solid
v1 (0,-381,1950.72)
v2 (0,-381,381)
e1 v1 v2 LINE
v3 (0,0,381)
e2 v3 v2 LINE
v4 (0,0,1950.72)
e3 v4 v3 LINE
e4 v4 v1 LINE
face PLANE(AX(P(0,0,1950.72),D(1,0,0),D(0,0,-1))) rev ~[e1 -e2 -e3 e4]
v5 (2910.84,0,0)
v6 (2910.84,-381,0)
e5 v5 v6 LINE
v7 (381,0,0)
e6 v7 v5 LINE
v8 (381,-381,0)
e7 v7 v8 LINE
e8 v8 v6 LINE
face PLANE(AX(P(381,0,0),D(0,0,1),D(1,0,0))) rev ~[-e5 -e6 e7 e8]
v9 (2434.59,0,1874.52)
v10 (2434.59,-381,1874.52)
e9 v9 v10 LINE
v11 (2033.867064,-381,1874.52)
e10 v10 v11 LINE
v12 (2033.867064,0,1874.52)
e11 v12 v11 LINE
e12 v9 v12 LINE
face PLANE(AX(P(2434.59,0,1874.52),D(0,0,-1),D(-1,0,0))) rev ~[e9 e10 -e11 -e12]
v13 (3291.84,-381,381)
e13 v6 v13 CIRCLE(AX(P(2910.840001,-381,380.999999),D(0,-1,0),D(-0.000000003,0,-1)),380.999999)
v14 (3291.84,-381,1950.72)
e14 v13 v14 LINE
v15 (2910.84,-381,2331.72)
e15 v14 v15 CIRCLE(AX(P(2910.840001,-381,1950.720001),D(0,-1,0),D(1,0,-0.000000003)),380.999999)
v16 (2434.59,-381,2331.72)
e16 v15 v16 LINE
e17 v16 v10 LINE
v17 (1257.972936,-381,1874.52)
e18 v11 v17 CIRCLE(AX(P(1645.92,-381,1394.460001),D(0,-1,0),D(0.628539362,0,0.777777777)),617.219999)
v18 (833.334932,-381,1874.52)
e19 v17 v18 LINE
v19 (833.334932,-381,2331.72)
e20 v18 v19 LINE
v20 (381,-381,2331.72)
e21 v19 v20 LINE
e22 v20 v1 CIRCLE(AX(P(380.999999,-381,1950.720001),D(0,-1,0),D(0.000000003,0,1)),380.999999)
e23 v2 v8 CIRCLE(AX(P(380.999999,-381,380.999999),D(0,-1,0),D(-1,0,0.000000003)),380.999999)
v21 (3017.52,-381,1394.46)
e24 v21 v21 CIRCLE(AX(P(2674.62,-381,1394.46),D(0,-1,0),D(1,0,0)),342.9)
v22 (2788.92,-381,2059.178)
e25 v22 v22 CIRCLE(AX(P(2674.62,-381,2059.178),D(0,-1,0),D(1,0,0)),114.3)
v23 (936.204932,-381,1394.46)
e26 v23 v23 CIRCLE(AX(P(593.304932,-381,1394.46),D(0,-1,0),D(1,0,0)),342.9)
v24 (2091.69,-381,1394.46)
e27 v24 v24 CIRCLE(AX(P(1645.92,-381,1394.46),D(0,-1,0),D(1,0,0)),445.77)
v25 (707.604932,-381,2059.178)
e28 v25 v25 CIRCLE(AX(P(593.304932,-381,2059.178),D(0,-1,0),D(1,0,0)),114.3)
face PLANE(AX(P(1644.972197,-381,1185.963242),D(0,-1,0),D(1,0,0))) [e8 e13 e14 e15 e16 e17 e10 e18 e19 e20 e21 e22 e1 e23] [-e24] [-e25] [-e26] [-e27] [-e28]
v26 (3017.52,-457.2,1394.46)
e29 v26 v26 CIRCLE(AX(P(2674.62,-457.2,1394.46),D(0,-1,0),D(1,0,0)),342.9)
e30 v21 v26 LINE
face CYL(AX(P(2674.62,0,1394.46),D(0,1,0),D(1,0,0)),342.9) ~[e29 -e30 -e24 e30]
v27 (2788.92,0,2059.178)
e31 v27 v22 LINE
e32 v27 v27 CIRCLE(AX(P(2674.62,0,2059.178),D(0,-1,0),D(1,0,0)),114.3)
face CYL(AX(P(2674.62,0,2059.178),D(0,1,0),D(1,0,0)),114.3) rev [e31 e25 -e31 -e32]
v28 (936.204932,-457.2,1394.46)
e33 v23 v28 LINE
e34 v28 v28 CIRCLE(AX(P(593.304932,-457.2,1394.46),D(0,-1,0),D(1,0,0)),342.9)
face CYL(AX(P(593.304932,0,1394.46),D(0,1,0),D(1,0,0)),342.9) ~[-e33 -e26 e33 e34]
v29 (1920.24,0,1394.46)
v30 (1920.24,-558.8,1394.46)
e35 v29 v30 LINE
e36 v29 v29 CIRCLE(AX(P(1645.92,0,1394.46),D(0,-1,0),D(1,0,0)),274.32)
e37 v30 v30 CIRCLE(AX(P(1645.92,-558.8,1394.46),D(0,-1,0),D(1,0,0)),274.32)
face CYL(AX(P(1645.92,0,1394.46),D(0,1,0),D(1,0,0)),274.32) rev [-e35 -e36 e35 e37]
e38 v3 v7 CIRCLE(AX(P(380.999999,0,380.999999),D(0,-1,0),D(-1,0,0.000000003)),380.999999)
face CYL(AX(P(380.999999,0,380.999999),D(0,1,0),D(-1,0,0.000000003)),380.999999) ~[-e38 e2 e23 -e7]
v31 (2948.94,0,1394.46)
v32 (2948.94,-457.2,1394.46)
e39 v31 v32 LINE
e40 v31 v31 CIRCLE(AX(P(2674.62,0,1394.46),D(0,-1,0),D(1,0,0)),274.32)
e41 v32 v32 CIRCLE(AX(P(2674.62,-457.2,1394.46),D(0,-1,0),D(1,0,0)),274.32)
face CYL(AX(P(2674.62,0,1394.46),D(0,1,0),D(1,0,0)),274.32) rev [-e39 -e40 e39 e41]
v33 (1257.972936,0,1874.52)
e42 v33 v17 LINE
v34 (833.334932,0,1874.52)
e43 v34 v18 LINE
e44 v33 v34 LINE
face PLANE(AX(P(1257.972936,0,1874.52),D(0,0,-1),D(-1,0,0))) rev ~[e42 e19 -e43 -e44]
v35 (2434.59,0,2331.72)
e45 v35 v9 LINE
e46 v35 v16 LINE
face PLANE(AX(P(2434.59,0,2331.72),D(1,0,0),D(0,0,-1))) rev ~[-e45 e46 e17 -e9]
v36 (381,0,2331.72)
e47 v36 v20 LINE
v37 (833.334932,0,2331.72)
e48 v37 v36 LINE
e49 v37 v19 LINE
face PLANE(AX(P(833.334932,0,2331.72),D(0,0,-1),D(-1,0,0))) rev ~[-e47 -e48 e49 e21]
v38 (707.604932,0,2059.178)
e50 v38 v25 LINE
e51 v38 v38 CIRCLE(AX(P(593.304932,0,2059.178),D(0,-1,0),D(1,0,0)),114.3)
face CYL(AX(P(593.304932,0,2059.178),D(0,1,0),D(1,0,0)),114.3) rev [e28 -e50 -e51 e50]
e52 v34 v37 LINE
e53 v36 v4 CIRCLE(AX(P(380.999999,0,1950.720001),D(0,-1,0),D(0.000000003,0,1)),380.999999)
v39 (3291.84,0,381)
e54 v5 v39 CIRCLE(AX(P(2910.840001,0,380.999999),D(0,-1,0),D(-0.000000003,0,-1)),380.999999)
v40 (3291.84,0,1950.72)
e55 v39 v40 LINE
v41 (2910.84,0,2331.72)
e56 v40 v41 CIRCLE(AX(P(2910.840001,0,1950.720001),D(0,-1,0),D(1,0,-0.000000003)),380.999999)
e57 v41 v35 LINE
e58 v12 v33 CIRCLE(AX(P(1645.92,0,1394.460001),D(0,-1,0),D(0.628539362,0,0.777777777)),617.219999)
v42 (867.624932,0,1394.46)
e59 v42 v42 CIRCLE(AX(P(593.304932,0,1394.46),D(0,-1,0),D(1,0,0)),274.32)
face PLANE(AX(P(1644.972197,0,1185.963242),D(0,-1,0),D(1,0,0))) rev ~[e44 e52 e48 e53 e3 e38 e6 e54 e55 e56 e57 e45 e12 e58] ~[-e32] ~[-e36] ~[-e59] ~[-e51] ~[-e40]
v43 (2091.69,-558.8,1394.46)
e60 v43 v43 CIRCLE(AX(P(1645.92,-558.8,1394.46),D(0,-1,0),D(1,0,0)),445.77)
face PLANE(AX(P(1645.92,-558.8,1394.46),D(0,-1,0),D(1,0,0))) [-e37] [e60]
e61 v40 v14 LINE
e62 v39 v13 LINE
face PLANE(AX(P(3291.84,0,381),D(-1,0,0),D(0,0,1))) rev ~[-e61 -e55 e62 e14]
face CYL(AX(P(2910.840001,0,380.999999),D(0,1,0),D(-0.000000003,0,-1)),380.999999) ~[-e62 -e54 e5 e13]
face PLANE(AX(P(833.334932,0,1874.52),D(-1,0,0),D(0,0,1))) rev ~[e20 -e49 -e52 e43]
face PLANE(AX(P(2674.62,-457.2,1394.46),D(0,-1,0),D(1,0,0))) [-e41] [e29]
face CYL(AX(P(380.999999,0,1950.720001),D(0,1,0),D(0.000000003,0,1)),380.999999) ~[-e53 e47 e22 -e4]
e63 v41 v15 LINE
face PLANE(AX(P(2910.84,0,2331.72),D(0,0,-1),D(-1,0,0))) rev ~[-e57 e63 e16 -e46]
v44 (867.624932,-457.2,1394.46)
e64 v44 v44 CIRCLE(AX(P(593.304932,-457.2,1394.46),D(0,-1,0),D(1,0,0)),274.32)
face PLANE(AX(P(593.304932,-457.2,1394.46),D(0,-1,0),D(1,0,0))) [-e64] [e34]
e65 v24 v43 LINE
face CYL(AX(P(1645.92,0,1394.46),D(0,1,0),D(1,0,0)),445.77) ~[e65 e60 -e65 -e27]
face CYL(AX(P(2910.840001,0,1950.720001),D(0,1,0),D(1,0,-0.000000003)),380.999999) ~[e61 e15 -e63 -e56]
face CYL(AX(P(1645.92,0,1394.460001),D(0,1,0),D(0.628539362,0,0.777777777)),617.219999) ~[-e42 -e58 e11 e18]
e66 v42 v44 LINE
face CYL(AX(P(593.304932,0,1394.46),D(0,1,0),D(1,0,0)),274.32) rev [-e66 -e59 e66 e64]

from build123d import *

# Parameters (mm, degrees)
F0_R     = 342.9
F0_R_2   = 114.3
F0_R_3   = 445.77
F1_DEPTH = 381
F0_R_4   = 274.32
F2_DEPTH = 558.8
F3_DEPTH = 457.2


with BuildPart() as f1:
    # F0 (on Front) → F1 (new body)
    with BuildSketch(Plane.XZ):
        with BuildLine():
            ThreePointArc((0, 381), (111.592316, 111.592316), (381, 0))
            Line((381, 0), (2910.84, 0))
            ThreePointArc((2910.84, 0), (3180.247684, 111.592316), (3291.84, 381))
            Line((3291.84, 381), (3291.84, 1950.72))
            ThreePointArc((3291.84, 1950.72), (3180.247684, 2220.127684), (2910.84, 2331.72))
            Line((2910.84, 2331.72), (2434.59, 2331.72))
            Line((2434.59, 2331.72), (2434.59, 1874.52))
            Line((2434.59, 1874.52), (2033.867064, 1874.52))
            ThreePointArc((2033.867064, 1874.52), (1645.92, 2011.68), (1257.972936, 1874.52))
            Line((1257.972936, 1874.52), (833.334932, 1874.52))
            Line((833.334932, 1874.52), (833.334932, 2331.72))
            Line((833.334932, 2331.72), (381, 2331.72))
            ThreePointArc((381, 2331.72), (111.592316, 2220.127684), (0, 1950.72))
            Line((0, 1950.72), (0, 381))
        make_face()
        with Locations((593.304932, 1394.46)):
            Circle(F0_R, mode=Mode.SUBTRACT)
        with Locations((593.304932, 2059.178)):
            Circle(F0_R_2, mode=Mode.SUBTRACT)
        with Locations((1645.92, 1394.46)):
            Circle(F0_R_3, mode=Mode.SUBTRACT)
        with Locations((2674.62, 1394.46)):
            Circle(F0_R, mode=Mode.SUBTRACT)
        with Locations((2674.62, 2059.178)):
            Circle(F0_R_2, mode=Mode.SUBTRACT)
    extrude(amount=F1_DEPTH)

    # F0 (on Front) → F2 (join)
    with BuildSketch(Plane.XZ):
        with Locations((1645.92, 1394.46)):
            Circle(F0_R_3)
        with Locations((1645.92, 1394.46)):
            Circle(F0_R_4, mode=Mode.SUBTRACT)
    extrude(amount=F2_DEPTH)

    # F0 (on Front) → F3 (join)
    with BuildSketch(Plane.XZ):
        with Locations((593.304932, 1394.46)):
            Circle(F0_R)
        with Locations((593.304932, 1394.46)):
            Circle(F0_R_4, mode=Mode.SUBTRACT)
        with Locations((2674.62, 1394.46)):
            Circle(F0_R)
        with Locations((2674.62, 1394.46)):
            Circle(F0_R_4, mode=Mode.SUBTRACT)
    extrude(amount=F3_DEPTH)


solid = f1.part
